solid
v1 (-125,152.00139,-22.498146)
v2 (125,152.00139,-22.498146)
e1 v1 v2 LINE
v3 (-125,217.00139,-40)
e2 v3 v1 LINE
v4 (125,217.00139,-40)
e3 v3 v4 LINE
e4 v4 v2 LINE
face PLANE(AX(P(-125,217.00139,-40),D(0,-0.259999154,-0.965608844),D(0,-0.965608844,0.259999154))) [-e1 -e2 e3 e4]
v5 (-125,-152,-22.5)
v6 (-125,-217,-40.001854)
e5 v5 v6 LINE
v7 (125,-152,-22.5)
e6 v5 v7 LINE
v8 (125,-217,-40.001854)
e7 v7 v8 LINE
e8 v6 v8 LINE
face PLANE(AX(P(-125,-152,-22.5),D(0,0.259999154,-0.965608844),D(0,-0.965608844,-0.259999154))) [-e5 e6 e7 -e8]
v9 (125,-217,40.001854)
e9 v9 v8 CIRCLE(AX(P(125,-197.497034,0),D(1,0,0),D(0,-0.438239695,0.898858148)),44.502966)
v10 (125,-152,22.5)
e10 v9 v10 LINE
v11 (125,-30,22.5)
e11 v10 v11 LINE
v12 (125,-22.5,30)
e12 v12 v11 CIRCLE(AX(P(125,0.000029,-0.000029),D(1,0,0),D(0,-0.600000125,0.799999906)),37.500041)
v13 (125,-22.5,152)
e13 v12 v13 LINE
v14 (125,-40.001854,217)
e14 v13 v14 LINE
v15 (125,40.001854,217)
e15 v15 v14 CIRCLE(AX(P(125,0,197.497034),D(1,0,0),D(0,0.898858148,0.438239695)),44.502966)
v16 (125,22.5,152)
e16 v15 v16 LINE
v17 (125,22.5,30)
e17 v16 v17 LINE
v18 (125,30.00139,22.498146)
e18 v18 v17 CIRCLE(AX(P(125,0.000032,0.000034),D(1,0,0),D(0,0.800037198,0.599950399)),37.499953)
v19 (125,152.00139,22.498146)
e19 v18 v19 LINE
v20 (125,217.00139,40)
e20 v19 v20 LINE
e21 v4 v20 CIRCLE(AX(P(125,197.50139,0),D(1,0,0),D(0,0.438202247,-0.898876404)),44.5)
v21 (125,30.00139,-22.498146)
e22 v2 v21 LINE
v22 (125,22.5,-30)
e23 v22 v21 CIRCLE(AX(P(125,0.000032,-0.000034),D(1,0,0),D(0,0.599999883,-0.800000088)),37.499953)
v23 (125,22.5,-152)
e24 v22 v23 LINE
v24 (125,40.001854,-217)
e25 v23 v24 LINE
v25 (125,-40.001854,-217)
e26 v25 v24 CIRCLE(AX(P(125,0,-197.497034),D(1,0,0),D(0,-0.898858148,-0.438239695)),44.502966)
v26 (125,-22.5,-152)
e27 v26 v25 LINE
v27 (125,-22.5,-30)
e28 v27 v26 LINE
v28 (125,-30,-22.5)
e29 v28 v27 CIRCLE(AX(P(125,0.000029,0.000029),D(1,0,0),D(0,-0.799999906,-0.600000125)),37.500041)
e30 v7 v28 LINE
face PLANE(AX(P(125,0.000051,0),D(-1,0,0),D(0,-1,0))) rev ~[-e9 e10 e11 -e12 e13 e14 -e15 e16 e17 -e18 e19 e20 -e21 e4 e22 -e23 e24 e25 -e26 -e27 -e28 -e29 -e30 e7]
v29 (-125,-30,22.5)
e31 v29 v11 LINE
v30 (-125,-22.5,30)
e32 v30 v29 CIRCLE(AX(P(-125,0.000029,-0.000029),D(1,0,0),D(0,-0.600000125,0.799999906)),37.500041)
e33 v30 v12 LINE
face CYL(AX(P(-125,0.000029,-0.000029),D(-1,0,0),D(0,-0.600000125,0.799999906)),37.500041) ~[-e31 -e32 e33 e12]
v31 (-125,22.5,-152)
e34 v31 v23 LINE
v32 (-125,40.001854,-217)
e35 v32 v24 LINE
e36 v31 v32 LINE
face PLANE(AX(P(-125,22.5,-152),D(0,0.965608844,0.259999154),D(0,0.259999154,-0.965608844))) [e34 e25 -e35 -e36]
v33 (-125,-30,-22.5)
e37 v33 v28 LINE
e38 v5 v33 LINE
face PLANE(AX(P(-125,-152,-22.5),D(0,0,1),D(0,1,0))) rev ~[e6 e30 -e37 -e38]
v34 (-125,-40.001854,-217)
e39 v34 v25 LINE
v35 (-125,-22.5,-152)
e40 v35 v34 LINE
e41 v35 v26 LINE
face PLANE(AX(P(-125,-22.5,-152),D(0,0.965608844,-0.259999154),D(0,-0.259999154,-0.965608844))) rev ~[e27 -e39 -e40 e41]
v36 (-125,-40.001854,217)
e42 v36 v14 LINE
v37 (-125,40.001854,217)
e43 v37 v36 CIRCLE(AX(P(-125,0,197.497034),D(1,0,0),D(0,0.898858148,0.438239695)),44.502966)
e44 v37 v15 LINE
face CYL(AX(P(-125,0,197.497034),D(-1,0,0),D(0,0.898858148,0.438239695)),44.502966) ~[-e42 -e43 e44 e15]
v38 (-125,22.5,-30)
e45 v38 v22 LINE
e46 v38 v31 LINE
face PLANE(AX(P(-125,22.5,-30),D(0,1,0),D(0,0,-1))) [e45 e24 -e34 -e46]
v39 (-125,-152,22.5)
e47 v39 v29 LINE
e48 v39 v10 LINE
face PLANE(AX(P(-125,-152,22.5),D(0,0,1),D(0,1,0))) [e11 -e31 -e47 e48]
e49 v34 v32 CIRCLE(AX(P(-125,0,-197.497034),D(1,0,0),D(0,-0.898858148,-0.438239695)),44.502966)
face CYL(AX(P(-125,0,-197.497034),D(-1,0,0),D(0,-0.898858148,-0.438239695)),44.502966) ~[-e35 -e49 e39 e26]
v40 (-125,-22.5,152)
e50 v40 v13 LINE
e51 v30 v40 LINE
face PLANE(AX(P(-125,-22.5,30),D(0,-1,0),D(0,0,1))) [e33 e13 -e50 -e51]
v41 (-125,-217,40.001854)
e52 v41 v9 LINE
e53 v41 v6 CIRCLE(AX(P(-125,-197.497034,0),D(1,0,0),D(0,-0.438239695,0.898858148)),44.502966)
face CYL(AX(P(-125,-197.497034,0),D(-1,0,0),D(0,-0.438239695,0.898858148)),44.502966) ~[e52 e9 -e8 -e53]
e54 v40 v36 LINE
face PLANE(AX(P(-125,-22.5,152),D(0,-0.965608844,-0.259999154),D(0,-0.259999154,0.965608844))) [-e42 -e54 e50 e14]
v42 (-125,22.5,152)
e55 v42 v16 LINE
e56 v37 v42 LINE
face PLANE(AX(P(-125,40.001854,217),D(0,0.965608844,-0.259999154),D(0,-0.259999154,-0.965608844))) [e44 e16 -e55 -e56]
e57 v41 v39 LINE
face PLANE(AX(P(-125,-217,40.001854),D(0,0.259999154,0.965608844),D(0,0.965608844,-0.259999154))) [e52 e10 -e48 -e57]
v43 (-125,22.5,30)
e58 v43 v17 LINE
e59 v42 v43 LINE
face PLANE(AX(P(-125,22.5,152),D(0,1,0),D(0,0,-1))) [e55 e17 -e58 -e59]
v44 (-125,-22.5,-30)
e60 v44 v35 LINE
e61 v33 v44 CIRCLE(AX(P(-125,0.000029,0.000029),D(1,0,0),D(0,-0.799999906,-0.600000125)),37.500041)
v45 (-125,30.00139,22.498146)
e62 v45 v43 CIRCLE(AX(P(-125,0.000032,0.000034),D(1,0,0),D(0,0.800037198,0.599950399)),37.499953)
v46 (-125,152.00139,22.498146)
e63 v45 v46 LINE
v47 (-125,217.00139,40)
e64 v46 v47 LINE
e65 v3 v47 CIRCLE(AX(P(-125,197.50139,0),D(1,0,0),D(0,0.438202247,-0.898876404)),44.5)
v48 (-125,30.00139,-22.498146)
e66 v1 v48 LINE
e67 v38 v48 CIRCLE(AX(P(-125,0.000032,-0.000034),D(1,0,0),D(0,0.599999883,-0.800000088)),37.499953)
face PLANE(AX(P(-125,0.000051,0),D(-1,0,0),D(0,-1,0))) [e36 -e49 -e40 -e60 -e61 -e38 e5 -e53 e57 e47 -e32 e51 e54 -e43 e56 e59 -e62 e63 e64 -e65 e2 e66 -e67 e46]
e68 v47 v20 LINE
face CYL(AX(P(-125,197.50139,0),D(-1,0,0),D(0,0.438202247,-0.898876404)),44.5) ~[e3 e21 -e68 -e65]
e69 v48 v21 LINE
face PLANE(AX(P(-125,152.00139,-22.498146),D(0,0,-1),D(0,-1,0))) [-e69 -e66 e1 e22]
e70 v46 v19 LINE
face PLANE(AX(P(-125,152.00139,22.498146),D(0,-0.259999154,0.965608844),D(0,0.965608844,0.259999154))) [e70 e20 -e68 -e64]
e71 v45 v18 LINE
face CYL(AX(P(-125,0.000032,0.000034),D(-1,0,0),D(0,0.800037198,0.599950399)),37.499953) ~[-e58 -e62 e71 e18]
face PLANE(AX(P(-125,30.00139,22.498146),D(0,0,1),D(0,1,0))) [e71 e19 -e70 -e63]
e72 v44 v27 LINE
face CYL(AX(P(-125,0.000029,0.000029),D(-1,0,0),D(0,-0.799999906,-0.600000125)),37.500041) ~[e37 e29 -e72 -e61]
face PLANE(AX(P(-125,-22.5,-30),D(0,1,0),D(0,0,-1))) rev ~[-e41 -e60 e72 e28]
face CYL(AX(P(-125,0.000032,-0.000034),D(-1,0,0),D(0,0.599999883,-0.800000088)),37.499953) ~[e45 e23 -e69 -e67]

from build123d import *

# Parameters (mm, degrees)
PAD_DEPTH = 250


with BuildPart() as part:
    # Sketch → Pad (new body)
    with BuildSketch(Plane.YZ.offset(-125)):
        with BuildLine():
            Line((-152, -22.5), (-217, -40.001854))
            ThreePointArc((-217, 40.001854), (-242, 0), (-217, -40.001854))
            Line((-217, 40.001854), (-152, 22.5))
            Line((-152, 22.5), (-30, 22.5))
            ThreePointArc((-22.5, 30), (-26.516504, 26.516504), (-30, 22.5))
            Line((-22.5, 30), (-22.5, 152))
            Line((-22.5, 152), (-40.001854, 217))
            ThreePointArc((40.001854, 217), (0, 242), (-40.001854, 217))
            Line((40.001854, 217), (22.5, 152))
            Line((22.5, 152), (22.5, 30))
            ThreePointArc((30.00139, 22.498146), (26.517324, 26.515685), (22.5, 30))
            Line((30.00139, 22.498146), (152.00139, 22.498146))
            Line((152.00139, 22.498146), (217.00139, 40))
            ThreePointArc((217.00139, -40), (242.00139, 0), (217.00139, 40))
            Line((217.00139, -40), (152.00139, -22.498146))
            Line((152.00139, -22.498146), (30.00139, -22.498146))
            ThreePointArc((22.5, -30), (26.517324, -26.515685), (30.00139, -22.498146))
            Line((22.5, -30), (22.5, -152))
            Line((22.5, -152), (40.001854, -217))
            ThreePointArc((-40.001854, -217), (0, -242), (40.001854, -217))
            Line((-22.5, -152), (-40.001854, -217))
            Line((-22.5, -30), (-22.5, -152))
            ThreePointArc((-30, -22.5), (-26.516504, -26.516504), (-22.5, -30))
            Line((-152, -22.5), (-30, -22.5))
        make_face()
    extrude(amount=PAD_DEPTH)


solid = part.part
